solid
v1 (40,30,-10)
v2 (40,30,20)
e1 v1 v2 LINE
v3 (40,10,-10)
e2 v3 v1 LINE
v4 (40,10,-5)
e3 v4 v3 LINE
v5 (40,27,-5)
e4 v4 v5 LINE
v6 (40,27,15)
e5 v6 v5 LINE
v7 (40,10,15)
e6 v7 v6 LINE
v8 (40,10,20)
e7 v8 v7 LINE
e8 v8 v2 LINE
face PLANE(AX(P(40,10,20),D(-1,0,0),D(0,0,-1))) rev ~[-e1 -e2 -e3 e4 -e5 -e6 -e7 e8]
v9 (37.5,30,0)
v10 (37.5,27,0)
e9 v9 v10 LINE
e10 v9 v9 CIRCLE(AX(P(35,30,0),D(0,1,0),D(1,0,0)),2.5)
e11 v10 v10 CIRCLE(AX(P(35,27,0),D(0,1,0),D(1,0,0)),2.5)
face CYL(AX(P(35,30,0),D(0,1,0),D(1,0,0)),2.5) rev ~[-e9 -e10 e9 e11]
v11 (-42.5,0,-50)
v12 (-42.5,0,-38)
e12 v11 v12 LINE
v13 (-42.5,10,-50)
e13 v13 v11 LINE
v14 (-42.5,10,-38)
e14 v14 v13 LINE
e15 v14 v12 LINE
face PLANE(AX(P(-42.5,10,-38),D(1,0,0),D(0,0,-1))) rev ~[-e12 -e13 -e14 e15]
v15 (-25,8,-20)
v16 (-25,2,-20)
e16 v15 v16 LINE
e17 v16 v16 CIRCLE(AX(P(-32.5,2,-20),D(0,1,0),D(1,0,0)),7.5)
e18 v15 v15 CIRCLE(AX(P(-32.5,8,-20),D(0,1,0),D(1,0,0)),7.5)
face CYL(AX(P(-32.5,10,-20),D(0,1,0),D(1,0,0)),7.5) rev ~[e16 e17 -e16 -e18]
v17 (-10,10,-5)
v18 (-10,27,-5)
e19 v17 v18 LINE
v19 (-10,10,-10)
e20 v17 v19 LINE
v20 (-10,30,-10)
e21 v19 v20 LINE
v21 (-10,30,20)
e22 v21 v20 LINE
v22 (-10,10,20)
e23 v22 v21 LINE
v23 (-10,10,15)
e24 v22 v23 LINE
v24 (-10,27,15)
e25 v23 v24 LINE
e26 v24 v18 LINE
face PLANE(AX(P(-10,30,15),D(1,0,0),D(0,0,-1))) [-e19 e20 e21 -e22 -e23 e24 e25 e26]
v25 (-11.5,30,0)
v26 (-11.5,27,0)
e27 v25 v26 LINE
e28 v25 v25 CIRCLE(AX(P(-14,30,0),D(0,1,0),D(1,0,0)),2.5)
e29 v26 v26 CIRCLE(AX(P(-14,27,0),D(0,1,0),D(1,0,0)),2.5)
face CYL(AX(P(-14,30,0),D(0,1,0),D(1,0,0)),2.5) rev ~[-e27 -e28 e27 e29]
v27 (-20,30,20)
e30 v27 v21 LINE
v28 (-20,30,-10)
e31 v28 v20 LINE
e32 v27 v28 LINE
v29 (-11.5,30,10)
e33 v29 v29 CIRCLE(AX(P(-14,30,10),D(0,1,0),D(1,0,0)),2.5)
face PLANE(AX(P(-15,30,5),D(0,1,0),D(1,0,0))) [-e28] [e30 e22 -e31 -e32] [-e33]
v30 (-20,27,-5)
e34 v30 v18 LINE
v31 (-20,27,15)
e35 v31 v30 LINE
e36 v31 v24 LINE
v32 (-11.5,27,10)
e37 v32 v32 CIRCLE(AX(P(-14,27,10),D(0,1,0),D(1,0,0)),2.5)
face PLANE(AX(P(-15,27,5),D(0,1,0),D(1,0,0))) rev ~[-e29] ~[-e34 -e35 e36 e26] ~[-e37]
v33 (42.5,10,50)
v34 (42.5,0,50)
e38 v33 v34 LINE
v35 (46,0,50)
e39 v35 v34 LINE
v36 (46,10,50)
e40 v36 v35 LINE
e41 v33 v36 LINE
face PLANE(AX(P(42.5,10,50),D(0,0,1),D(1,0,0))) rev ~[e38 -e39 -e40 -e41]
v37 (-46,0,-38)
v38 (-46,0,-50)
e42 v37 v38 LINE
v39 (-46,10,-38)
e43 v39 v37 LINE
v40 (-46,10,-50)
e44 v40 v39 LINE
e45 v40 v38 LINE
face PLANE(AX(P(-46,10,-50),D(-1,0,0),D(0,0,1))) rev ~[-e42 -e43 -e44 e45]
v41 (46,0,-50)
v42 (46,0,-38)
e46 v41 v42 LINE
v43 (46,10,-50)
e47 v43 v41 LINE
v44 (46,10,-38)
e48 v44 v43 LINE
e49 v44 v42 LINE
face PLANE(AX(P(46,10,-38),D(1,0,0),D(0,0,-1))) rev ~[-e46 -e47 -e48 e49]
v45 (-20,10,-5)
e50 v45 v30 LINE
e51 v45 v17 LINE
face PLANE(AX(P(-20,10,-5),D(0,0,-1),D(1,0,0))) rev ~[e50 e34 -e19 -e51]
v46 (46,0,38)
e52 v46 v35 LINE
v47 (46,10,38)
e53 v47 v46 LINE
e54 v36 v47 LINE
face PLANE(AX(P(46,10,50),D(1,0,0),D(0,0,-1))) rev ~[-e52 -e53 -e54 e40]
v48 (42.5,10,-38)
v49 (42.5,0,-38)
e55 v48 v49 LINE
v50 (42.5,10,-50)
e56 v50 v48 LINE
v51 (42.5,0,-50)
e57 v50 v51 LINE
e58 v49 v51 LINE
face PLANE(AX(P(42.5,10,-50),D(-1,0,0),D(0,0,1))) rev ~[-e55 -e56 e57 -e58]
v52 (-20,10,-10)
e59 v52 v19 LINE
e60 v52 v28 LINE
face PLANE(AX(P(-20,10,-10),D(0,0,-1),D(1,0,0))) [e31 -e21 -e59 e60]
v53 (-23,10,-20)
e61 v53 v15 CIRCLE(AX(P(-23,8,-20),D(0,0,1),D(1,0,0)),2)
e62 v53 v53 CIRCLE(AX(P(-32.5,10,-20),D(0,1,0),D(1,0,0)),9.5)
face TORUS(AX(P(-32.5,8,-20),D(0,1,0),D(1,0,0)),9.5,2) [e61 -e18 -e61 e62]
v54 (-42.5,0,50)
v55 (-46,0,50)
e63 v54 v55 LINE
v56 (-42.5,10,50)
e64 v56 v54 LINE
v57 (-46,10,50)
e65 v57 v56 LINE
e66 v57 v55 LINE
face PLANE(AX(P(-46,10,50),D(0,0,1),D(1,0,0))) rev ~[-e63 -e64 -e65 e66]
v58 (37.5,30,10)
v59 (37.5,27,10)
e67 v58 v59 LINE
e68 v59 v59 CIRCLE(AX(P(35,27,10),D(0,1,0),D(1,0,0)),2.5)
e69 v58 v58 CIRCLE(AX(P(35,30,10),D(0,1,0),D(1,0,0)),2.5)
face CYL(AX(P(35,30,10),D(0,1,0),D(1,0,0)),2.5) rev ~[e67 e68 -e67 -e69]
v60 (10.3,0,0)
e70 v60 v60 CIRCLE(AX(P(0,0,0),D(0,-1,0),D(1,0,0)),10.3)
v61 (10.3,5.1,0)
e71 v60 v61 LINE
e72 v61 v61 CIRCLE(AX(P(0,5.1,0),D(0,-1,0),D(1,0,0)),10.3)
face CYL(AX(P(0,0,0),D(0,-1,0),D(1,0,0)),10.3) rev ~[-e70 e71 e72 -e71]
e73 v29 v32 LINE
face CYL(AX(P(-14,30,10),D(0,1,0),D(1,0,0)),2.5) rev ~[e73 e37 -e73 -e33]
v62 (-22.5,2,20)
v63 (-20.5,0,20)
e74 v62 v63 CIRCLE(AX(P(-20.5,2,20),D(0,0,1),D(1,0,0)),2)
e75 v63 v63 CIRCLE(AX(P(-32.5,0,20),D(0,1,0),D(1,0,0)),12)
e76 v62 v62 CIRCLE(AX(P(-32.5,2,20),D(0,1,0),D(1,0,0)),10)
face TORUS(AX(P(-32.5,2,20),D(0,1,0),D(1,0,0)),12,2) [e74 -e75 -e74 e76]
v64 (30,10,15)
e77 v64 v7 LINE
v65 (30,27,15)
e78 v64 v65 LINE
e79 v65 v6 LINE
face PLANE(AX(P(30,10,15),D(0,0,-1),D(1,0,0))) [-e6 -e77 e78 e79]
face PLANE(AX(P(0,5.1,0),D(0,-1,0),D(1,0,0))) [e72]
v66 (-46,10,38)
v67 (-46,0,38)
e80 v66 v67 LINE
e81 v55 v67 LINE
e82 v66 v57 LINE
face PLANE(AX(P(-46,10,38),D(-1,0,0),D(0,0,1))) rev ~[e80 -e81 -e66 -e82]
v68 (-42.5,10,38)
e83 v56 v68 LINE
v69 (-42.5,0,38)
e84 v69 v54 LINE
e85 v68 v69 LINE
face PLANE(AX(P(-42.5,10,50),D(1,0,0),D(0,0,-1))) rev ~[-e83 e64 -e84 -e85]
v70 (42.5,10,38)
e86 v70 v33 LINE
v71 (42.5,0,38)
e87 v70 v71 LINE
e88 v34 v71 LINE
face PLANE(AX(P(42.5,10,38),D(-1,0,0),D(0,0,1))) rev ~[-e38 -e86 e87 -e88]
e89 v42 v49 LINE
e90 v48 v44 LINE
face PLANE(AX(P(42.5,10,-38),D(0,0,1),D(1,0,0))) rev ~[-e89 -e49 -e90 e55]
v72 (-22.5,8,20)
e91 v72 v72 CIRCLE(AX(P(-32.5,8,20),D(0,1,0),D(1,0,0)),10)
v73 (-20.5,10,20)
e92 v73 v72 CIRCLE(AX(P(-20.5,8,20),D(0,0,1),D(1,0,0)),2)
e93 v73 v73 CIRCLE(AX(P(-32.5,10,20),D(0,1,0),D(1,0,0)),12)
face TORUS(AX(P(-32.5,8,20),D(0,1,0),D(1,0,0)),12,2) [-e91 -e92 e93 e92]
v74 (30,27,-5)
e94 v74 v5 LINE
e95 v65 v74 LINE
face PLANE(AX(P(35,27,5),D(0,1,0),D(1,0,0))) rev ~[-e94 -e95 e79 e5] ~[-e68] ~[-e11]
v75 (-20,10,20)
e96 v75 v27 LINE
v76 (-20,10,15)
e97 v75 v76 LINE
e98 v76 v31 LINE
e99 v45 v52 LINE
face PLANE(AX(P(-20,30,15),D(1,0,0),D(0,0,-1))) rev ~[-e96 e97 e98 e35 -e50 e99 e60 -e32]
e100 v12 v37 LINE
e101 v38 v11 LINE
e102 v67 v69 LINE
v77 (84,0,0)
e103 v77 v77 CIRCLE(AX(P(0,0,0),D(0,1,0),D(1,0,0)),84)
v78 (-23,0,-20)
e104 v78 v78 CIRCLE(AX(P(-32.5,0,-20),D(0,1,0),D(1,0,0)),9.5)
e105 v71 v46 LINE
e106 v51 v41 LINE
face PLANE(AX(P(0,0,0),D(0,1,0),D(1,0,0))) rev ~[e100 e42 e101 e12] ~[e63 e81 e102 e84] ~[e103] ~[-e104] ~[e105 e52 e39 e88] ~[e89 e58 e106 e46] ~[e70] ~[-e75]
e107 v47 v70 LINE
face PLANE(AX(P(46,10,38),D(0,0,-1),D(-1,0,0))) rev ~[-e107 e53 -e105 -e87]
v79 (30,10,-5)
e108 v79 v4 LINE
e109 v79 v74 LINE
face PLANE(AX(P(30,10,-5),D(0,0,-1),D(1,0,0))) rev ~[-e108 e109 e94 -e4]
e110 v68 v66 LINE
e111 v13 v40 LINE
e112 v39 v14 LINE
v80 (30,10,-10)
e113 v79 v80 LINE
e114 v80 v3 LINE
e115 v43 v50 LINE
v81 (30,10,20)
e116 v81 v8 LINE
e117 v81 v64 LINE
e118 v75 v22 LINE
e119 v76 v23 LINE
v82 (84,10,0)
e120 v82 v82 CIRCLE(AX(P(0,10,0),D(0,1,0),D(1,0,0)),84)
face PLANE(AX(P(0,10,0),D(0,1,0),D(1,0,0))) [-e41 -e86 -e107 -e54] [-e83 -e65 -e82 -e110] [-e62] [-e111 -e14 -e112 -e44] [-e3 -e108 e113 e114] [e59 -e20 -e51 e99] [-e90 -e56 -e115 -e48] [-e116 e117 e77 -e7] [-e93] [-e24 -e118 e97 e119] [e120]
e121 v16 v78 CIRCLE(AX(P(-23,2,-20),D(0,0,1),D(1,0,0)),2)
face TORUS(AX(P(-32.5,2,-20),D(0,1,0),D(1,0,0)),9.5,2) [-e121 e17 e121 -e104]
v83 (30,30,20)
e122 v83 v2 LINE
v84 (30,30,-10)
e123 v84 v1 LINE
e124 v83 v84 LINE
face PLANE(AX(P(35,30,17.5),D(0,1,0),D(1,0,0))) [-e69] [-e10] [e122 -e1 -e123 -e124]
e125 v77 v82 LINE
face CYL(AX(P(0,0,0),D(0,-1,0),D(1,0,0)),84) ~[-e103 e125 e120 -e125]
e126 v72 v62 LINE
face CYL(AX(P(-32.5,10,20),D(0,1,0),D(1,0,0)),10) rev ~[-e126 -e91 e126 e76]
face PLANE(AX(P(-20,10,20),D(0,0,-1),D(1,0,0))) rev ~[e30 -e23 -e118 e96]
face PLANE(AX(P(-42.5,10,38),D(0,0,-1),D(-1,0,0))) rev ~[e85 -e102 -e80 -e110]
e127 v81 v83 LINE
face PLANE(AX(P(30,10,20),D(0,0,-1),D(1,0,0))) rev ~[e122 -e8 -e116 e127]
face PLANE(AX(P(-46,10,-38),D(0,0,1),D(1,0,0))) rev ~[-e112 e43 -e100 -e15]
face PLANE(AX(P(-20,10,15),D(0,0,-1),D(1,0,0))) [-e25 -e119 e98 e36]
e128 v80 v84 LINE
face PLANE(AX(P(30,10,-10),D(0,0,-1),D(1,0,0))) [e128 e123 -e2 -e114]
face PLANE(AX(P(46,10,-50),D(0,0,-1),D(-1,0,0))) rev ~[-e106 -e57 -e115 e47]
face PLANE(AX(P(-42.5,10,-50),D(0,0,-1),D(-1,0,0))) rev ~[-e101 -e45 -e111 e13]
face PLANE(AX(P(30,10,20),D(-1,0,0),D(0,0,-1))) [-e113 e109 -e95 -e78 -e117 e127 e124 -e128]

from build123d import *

# Parameters (mm, degrees)
SKETCH1_R               = 84
BASE_DEPTH              = 10
SKETCH3_W               = 10
SKETCH3_H               = 5
MOTOR_MOUNTS_BOTH_DEPTH = 20
SKETCH4_W               = 10
SKETCH4_H               = 20
SKETCH4_R               = 2.5
MOTOR_SCREW_HOLES_DEPTH = 3
SKETCH5_R               = 10.3
GEAR_HOLE_DEPTH         = 5.1
WIRE_HOLES_REACH        = 12
SKETCH6_R               = 7.5
SKETCH6_R_2             = 10
CUT_EXTRUDE1_REACH      = 12
FILLET2_R               = 2


with BuildPart() as part:
    # Sketch1 → base (new body)
    with BuildSketch(Plane(origin=(0, 0, 0), x_dir=(1, 0, 0), z_dir=(0, 1, 0))):
        Circle(SKETCH1_R)
    extrude(amount=BASE_DEPTH)

    # Sketch3 → motor mounts (both) (add)
    with BuildSketch(Plane(origin=(0, 10, 0), x_dir=(1, 0, 0), z_dir=(0, 1, 0))):
        with Locations((-15, 7.5)):
            Rectangle(SKETCH3_W, SKETCH3_H)
        with Locations((-15, -17.5)):
            Rectangle(SKETCH3_W, SKETCH3_H)
        with Locations((35, -17.5)):
            Rectangle(SKETCH3_W, SKETCH3_H)
        with Locations((35, 7.5)):
            Rectangle(SKETCH3_W, SKETCH3_H)
    extrude(amount=MOTOR_MOUNTS_BOTH_DEPTH)

    # Sketch4 → motor screw holes (add)
    with BuildSketch(Plane(origin=(0, 30, 0), x_dir=(1, 0, 0), z_dir=(0, 1, 0))):
        with Locations((-15, -5)):
            Rectangle(SKETCH4_W, SKETCH4_H)
        with Locations((-14, 0)):
            Circle(SKETCH4_R, mode=Mode.SUBTRACT)
        with Locations((-14, -10)):
            Circle(SKETCH4_R, mode=Mode.SUBTRACT)
        with Locations((35, -5)):
            Rectangle(SKETCH4_W, SKETCH4_H)
        with Locations((35, 0)):
            Circle(SKETCH4_R, mode=Mode.SUBTRACT)
        with Locations((35, -10)):
            Circle(SKETCH4_R, mode=Mode.SUBTRACT)
    extrude(amount=-MOTOR_SCREW_HOLES_DEPTH)

    # Sketch5 → gear hole (cut)
    with BuildSketch(Plane.XZ):
        Circle(SKETCH5_R)
    extrude(amount=-GEAR_HOLE_DEPTH, mode=Mode.SUBTRACT)

    # Sketch6 → wire holes (cut, up to next)
    with BuildSketch(Plane(origin=(0, 10, 0), x_dir=(1, 0, 0), z_dir=(0, 1, 0)), mode=Mode.PRIVATE) as wire_holes_sk1:
        with Locations((-32.5, 20)):
            Circle(SKETCH6_R)
    wire_holes_tool1 = extrude(wire_holes_sk1.sketch, amount=-WIRE_HOLES_REACH, mode=Mode.PRIVATE) & part.part
    add(wire_holes_tool1.solids().sort_by_distance((-32.5, 10, -20))[0], mode=Mode.SUBTRACT)
    # Sketch6 → wire holes (cut, up to next)
    with BuildSketch(Plane(origin=(0, 10, 0), x_dir=(1, 0, 0), z_dir=(0, 1, 0)), mode=Mode.PRIVATE) as wire_holes_sk2:
        with Locations((-32.5, -20)):
            Circle(SKETCH6_R_2)
    wire_holes_tool2 = extrude(wire_holes_sk2.sketch, amount=-WIRE_HOLES_REACH, mode=Mode.PRIVATE) & part.part
    add(wire_holes_tool2.solids().sort_by_distance((-32.5, 10, 20))[0], mode=Mode.SUBTRACT)

    # Sketch7 → Cut-Extrude1 (cut, up to next)
    with BuildSketch(Plane(origin=(0, 10, 0), x_dir=(1, 0, 0), z_dir=(0, 1, 0)), mode=Mode.PRIVATE) as cut_extrude1_sk1:
        Polygon((-42.5, 38), (-42.5, 47.5), (-42.5, 50), (-46, 50), (-46, 38), align=None)
    cut_extrude1_tool1 = extrude(cut_extrude1_sk1.sketch, amount=-CUT_EXTRUDE1_REACH, mode=Mode.PRIVATE) & part.part
    add(cut_extrude1_tool1.solids().sort_by_distance((-44.25, 10, -44))[0], mode=Mode.SUBTRACT)
    # Sketch7 → Cut-Extrude1 (cut, up to next)
    with BuildSketch(Plane(origin=(0, 10, 0), x_dir=(1, 0, 0), z_dir=(0, 1, 0)), mode=Mode.PRIVATE) as cut_extrude1_sk2:
        Polygon((42.5, 50), (42.5, 47.5), (42.5, 38), (46, 38), (46, 50), align=None)
    cut_extrude1_tool2 = extrude(cut_extrude1_sk2.sketch, amount=-CUT_EXTRUDE1_REACH, mode=Mode.PRIVATE) & part.part
    add(cut_extrude1_tool2.solids().sort_by_distance((44.25, 10, -44))[0], mode=Mode.SUBTRACT)
    # Sketch7 → Cut-Extrude1 (cut, up to next)
    with BuildSketch(Plane(origin=(0, 10, 0), x_dir=(1, 0, 0), z_dir=(0, 1, 0)), mode=Mode.PRIVATE) as cut_extrude1_sk3:
        Polygon((46, -38), (42.5, -38), (42.5, -47.5), (42.5, -50), (46, -50), align=None)
    cut_extrude1_tool3 = extrude(cut_extrude1_sk3.sketch, amount=-CUT_EXTRUDE1_REACH, mode=Mode.PRIVATE) & part.part
    add(cut_extrude1_tool3.solids().sort_by_distance((44.25, 10, 44))[0], mode=Mode.SUBTRACT)
    # Sketch7 → Cut-Extrude1 (cut, up to next)
    with BuildSketch(Plane(origin=(0, 10, 0), x_dir=(1, 0, 0), z_dir=(0, 1, 0)), mode=Mode.PRIVATE) as cut_extrude1_sk4:
        Polygon((-42.5, -47.5), (-42.5, -38), (-46, -38), (-46, -50), (-42.5, -50), align=None)
    cut_extrude1_tool4 = extrude(cut_extrude1_sk4.sketch, amount=-CUT_EXTRUDE1_REACH, mode=Mode.PRIVATE) & part.part
    add(cut_extrude1_tool4.solids().sort_by_distance((-44.25, 10, 44))[0], mode=Mode.SUBTRACT)

    # Fillet2
    fillet2_edges = [part.edges().sort_by_distance(p)[0] for p in [
        (-40, 10, -20),
        (-40, 0, -20),
        (-42.5, 10, 20),
        (-42.5, 0, 20),
    ]]
    fillet(fillet2_edges, radius=FILLET2_R)


solid = part.part
